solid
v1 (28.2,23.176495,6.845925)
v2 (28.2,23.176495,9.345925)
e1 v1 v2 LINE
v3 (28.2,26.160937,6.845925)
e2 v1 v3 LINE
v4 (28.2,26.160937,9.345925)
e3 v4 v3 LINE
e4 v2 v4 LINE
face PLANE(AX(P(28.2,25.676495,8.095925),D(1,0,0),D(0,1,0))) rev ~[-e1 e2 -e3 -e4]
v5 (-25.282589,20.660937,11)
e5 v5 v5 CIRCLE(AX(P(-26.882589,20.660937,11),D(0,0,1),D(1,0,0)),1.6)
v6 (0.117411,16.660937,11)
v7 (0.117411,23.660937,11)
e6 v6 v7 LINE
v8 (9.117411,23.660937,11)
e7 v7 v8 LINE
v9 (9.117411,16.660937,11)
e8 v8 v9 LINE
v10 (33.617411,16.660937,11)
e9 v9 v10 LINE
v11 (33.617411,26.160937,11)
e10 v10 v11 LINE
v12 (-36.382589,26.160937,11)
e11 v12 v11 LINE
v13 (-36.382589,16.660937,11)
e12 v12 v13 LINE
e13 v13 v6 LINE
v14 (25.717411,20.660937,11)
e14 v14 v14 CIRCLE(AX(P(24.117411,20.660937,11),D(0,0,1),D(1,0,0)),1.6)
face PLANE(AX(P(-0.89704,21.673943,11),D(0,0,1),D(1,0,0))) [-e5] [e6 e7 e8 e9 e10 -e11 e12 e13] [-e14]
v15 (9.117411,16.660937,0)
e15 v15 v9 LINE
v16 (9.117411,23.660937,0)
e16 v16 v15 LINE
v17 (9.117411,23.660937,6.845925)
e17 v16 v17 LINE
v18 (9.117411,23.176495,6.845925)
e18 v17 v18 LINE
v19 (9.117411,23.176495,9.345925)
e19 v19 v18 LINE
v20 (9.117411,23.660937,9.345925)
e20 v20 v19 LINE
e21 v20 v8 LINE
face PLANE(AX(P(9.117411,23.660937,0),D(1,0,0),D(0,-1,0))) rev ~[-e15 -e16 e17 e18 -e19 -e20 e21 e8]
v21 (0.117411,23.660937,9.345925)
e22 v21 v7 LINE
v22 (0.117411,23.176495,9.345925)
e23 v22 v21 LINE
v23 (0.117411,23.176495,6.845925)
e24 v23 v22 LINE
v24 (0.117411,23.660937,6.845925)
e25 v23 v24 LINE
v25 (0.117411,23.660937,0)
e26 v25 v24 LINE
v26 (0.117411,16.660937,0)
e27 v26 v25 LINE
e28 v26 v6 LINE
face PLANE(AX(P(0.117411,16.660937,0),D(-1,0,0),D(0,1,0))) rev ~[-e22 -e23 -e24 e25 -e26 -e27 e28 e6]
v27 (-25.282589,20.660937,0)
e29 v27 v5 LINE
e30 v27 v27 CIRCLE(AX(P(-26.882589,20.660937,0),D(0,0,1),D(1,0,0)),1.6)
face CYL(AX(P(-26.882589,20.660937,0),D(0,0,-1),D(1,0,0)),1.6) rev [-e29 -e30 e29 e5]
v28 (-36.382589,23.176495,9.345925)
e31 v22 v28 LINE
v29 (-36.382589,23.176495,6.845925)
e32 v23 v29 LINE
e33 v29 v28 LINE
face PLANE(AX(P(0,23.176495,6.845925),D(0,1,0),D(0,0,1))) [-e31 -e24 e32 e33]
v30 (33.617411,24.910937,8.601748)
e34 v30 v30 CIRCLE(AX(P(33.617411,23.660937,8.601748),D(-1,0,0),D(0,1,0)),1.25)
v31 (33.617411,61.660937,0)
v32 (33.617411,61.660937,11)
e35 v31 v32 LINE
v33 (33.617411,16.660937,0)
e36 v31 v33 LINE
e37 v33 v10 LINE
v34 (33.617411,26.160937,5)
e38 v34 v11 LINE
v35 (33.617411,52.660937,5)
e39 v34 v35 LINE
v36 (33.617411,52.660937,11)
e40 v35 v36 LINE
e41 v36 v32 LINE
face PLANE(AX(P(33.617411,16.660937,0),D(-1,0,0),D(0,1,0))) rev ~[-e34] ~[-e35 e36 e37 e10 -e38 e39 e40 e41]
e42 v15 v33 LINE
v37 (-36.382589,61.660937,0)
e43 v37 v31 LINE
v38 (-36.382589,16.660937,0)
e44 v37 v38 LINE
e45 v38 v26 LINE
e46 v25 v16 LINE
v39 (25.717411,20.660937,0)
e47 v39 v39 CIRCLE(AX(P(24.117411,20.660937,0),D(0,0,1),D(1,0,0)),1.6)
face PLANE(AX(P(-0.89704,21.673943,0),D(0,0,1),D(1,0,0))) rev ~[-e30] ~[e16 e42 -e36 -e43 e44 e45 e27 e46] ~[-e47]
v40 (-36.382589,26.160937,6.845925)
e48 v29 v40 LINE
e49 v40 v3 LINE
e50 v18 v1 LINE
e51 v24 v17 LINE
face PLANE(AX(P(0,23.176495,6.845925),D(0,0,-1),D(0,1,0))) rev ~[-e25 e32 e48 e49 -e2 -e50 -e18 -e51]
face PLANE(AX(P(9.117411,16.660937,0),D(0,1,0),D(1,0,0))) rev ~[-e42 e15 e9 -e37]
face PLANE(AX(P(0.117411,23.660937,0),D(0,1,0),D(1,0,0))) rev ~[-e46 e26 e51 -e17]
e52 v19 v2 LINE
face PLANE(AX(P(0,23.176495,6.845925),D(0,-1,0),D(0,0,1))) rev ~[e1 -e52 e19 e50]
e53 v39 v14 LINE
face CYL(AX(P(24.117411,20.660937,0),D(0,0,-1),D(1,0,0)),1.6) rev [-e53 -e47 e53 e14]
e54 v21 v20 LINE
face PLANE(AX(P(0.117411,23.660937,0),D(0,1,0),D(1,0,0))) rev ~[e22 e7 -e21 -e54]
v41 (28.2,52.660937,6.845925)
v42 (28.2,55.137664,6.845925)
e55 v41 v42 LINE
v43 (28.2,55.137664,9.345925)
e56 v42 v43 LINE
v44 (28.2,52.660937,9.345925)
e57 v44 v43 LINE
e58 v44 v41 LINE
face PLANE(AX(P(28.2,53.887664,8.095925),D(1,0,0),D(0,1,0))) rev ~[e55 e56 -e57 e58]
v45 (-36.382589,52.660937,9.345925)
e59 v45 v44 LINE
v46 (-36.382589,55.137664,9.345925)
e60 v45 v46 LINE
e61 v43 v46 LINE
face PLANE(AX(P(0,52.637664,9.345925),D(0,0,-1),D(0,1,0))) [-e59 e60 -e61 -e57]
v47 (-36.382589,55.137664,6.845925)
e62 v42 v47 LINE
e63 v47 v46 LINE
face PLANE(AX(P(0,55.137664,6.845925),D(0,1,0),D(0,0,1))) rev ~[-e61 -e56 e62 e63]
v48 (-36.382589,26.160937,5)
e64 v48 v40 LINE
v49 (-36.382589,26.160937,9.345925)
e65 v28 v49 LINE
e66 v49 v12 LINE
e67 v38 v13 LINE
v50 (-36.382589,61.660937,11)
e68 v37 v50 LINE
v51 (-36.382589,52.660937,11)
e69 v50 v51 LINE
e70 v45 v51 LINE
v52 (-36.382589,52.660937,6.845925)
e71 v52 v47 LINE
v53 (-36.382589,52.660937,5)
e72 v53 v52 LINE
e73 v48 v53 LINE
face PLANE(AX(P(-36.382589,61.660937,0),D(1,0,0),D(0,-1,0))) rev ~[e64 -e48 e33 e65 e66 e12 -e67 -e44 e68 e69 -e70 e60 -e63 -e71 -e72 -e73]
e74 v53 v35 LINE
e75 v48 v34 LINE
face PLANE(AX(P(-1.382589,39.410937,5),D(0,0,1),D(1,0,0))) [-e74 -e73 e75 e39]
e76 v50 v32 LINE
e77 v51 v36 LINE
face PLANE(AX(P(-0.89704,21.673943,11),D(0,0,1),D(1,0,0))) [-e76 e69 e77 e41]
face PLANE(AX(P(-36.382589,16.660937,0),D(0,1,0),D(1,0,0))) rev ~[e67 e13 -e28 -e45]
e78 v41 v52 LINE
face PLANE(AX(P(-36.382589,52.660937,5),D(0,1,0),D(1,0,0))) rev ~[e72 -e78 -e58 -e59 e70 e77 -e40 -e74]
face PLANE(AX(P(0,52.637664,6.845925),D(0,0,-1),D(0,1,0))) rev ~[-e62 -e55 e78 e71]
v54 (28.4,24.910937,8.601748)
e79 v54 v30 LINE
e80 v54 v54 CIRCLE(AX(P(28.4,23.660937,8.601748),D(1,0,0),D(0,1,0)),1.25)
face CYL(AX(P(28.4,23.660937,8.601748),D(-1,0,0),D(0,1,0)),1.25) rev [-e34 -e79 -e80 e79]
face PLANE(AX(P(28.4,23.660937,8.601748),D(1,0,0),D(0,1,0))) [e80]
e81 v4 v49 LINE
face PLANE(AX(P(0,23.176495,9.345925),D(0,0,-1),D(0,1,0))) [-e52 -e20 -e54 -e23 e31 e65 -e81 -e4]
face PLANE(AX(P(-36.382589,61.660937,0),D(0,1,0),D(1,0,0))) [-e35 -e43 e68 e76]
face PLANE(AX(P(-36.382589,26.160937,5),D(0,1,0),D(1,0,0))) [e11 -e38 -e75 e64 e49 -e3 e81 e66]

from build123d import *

# Parameters (mm, degrees)
F0_R          = 1.6
F0_W          = 70
F0_H          = 9
F0_H_2        = 26.5
F1_DEPTH      = 11
F2_START      = 5
F2_DEPTH      = 6
F3_DEPTH      = 11
F4_W          = 2.5
F4_H          = 2.5
F4_W_2        = 5
F5_DEPTH      = 59.9
F5_DEPTH_BACK = 28.2
F7_START      = 28.4
F6_R          = 1.25
F7_DEPTH      = 20.7


with BuildPart() as f1:
    # F0 (on Top) → F1 (new body)
    with BuildSketch(Plane.XY):
        Polygon((33.6174106598, 26.1609371045), (-36.3825893402, 26.1609371045), (-36.3825893402, 16.6609371045), (0.1174106598, 16.6609371045), (0.1174106598, 23.6609371045), (9.1174106598, 23.6609371045), (9.1174106598, 16.6609371045), (33.6174106598, 16.6609371045), align=None)
        with Locations((-26.8825893402, 20.6609371045)):
            Circle(F0_R, mode=Mode.SUBTRACT)
        with Locations((24.1174106598, 20.6609371045)):
            Circle(F0_R, mode=Mode.SUBTRACT)
        with Locations((-1.3825893402, 57.1609371045)):
            Rectangle(F0_W, F0_H)
        with Locations((-1.3825893402, 39.4109371045)):
            Rectangle(F0_W, F0_H_2)
    extrude(amount=F1_DEPTH)

    # F0 (on Top) → F2 (cut)
    with BuildSketch(Plane.XY.offset(F2_START)):
        with Locations((-1.3825893402, 39.4109371045)):
            Rectangle(F0_W, F0_H_2)
    extrude(amount=F2_DEPTH, mode=Mode.SUBTRACT)

    # F0 (on Top) → F3 (join)
    with BuildSketch(Plane.XY):
        with Locations((-1.3825893402, 57.1609371045)):
            Rectangle(F0_W, F0_H)
    extrude(amount=F3_DEPTH)

    # F4 (on Right) → F5 (cut, two sides)
    with BuildSketch(Plane.YZ) as f5_sk:
        with Locations((53.8876638908, 8.095925469)):
            Rectangle(F4_W, F4_H)
        with Locations((25.6764949858, 8.095925469)):
            Rectangle(F4_W_2, F4_H)
    extrude(amount=-F5_DEPTH, mode=Mode.SUBTRACT)
    extrude(f5_sk.sketch, amount=F5_DEPTH_BACK, mode=Mode.SUBTRACT)

    # F6 (on Right) → F7 (cut)
    with BuildSketch(Plane.YZ.offset(F7_START)):
        with Locations((23.6609371045, 8.6017483845)):
            Circle(F6_R)
    extrude(amount=F7_DEPTH, mode=Mode.SUBTRACT)


solid = f1.part
